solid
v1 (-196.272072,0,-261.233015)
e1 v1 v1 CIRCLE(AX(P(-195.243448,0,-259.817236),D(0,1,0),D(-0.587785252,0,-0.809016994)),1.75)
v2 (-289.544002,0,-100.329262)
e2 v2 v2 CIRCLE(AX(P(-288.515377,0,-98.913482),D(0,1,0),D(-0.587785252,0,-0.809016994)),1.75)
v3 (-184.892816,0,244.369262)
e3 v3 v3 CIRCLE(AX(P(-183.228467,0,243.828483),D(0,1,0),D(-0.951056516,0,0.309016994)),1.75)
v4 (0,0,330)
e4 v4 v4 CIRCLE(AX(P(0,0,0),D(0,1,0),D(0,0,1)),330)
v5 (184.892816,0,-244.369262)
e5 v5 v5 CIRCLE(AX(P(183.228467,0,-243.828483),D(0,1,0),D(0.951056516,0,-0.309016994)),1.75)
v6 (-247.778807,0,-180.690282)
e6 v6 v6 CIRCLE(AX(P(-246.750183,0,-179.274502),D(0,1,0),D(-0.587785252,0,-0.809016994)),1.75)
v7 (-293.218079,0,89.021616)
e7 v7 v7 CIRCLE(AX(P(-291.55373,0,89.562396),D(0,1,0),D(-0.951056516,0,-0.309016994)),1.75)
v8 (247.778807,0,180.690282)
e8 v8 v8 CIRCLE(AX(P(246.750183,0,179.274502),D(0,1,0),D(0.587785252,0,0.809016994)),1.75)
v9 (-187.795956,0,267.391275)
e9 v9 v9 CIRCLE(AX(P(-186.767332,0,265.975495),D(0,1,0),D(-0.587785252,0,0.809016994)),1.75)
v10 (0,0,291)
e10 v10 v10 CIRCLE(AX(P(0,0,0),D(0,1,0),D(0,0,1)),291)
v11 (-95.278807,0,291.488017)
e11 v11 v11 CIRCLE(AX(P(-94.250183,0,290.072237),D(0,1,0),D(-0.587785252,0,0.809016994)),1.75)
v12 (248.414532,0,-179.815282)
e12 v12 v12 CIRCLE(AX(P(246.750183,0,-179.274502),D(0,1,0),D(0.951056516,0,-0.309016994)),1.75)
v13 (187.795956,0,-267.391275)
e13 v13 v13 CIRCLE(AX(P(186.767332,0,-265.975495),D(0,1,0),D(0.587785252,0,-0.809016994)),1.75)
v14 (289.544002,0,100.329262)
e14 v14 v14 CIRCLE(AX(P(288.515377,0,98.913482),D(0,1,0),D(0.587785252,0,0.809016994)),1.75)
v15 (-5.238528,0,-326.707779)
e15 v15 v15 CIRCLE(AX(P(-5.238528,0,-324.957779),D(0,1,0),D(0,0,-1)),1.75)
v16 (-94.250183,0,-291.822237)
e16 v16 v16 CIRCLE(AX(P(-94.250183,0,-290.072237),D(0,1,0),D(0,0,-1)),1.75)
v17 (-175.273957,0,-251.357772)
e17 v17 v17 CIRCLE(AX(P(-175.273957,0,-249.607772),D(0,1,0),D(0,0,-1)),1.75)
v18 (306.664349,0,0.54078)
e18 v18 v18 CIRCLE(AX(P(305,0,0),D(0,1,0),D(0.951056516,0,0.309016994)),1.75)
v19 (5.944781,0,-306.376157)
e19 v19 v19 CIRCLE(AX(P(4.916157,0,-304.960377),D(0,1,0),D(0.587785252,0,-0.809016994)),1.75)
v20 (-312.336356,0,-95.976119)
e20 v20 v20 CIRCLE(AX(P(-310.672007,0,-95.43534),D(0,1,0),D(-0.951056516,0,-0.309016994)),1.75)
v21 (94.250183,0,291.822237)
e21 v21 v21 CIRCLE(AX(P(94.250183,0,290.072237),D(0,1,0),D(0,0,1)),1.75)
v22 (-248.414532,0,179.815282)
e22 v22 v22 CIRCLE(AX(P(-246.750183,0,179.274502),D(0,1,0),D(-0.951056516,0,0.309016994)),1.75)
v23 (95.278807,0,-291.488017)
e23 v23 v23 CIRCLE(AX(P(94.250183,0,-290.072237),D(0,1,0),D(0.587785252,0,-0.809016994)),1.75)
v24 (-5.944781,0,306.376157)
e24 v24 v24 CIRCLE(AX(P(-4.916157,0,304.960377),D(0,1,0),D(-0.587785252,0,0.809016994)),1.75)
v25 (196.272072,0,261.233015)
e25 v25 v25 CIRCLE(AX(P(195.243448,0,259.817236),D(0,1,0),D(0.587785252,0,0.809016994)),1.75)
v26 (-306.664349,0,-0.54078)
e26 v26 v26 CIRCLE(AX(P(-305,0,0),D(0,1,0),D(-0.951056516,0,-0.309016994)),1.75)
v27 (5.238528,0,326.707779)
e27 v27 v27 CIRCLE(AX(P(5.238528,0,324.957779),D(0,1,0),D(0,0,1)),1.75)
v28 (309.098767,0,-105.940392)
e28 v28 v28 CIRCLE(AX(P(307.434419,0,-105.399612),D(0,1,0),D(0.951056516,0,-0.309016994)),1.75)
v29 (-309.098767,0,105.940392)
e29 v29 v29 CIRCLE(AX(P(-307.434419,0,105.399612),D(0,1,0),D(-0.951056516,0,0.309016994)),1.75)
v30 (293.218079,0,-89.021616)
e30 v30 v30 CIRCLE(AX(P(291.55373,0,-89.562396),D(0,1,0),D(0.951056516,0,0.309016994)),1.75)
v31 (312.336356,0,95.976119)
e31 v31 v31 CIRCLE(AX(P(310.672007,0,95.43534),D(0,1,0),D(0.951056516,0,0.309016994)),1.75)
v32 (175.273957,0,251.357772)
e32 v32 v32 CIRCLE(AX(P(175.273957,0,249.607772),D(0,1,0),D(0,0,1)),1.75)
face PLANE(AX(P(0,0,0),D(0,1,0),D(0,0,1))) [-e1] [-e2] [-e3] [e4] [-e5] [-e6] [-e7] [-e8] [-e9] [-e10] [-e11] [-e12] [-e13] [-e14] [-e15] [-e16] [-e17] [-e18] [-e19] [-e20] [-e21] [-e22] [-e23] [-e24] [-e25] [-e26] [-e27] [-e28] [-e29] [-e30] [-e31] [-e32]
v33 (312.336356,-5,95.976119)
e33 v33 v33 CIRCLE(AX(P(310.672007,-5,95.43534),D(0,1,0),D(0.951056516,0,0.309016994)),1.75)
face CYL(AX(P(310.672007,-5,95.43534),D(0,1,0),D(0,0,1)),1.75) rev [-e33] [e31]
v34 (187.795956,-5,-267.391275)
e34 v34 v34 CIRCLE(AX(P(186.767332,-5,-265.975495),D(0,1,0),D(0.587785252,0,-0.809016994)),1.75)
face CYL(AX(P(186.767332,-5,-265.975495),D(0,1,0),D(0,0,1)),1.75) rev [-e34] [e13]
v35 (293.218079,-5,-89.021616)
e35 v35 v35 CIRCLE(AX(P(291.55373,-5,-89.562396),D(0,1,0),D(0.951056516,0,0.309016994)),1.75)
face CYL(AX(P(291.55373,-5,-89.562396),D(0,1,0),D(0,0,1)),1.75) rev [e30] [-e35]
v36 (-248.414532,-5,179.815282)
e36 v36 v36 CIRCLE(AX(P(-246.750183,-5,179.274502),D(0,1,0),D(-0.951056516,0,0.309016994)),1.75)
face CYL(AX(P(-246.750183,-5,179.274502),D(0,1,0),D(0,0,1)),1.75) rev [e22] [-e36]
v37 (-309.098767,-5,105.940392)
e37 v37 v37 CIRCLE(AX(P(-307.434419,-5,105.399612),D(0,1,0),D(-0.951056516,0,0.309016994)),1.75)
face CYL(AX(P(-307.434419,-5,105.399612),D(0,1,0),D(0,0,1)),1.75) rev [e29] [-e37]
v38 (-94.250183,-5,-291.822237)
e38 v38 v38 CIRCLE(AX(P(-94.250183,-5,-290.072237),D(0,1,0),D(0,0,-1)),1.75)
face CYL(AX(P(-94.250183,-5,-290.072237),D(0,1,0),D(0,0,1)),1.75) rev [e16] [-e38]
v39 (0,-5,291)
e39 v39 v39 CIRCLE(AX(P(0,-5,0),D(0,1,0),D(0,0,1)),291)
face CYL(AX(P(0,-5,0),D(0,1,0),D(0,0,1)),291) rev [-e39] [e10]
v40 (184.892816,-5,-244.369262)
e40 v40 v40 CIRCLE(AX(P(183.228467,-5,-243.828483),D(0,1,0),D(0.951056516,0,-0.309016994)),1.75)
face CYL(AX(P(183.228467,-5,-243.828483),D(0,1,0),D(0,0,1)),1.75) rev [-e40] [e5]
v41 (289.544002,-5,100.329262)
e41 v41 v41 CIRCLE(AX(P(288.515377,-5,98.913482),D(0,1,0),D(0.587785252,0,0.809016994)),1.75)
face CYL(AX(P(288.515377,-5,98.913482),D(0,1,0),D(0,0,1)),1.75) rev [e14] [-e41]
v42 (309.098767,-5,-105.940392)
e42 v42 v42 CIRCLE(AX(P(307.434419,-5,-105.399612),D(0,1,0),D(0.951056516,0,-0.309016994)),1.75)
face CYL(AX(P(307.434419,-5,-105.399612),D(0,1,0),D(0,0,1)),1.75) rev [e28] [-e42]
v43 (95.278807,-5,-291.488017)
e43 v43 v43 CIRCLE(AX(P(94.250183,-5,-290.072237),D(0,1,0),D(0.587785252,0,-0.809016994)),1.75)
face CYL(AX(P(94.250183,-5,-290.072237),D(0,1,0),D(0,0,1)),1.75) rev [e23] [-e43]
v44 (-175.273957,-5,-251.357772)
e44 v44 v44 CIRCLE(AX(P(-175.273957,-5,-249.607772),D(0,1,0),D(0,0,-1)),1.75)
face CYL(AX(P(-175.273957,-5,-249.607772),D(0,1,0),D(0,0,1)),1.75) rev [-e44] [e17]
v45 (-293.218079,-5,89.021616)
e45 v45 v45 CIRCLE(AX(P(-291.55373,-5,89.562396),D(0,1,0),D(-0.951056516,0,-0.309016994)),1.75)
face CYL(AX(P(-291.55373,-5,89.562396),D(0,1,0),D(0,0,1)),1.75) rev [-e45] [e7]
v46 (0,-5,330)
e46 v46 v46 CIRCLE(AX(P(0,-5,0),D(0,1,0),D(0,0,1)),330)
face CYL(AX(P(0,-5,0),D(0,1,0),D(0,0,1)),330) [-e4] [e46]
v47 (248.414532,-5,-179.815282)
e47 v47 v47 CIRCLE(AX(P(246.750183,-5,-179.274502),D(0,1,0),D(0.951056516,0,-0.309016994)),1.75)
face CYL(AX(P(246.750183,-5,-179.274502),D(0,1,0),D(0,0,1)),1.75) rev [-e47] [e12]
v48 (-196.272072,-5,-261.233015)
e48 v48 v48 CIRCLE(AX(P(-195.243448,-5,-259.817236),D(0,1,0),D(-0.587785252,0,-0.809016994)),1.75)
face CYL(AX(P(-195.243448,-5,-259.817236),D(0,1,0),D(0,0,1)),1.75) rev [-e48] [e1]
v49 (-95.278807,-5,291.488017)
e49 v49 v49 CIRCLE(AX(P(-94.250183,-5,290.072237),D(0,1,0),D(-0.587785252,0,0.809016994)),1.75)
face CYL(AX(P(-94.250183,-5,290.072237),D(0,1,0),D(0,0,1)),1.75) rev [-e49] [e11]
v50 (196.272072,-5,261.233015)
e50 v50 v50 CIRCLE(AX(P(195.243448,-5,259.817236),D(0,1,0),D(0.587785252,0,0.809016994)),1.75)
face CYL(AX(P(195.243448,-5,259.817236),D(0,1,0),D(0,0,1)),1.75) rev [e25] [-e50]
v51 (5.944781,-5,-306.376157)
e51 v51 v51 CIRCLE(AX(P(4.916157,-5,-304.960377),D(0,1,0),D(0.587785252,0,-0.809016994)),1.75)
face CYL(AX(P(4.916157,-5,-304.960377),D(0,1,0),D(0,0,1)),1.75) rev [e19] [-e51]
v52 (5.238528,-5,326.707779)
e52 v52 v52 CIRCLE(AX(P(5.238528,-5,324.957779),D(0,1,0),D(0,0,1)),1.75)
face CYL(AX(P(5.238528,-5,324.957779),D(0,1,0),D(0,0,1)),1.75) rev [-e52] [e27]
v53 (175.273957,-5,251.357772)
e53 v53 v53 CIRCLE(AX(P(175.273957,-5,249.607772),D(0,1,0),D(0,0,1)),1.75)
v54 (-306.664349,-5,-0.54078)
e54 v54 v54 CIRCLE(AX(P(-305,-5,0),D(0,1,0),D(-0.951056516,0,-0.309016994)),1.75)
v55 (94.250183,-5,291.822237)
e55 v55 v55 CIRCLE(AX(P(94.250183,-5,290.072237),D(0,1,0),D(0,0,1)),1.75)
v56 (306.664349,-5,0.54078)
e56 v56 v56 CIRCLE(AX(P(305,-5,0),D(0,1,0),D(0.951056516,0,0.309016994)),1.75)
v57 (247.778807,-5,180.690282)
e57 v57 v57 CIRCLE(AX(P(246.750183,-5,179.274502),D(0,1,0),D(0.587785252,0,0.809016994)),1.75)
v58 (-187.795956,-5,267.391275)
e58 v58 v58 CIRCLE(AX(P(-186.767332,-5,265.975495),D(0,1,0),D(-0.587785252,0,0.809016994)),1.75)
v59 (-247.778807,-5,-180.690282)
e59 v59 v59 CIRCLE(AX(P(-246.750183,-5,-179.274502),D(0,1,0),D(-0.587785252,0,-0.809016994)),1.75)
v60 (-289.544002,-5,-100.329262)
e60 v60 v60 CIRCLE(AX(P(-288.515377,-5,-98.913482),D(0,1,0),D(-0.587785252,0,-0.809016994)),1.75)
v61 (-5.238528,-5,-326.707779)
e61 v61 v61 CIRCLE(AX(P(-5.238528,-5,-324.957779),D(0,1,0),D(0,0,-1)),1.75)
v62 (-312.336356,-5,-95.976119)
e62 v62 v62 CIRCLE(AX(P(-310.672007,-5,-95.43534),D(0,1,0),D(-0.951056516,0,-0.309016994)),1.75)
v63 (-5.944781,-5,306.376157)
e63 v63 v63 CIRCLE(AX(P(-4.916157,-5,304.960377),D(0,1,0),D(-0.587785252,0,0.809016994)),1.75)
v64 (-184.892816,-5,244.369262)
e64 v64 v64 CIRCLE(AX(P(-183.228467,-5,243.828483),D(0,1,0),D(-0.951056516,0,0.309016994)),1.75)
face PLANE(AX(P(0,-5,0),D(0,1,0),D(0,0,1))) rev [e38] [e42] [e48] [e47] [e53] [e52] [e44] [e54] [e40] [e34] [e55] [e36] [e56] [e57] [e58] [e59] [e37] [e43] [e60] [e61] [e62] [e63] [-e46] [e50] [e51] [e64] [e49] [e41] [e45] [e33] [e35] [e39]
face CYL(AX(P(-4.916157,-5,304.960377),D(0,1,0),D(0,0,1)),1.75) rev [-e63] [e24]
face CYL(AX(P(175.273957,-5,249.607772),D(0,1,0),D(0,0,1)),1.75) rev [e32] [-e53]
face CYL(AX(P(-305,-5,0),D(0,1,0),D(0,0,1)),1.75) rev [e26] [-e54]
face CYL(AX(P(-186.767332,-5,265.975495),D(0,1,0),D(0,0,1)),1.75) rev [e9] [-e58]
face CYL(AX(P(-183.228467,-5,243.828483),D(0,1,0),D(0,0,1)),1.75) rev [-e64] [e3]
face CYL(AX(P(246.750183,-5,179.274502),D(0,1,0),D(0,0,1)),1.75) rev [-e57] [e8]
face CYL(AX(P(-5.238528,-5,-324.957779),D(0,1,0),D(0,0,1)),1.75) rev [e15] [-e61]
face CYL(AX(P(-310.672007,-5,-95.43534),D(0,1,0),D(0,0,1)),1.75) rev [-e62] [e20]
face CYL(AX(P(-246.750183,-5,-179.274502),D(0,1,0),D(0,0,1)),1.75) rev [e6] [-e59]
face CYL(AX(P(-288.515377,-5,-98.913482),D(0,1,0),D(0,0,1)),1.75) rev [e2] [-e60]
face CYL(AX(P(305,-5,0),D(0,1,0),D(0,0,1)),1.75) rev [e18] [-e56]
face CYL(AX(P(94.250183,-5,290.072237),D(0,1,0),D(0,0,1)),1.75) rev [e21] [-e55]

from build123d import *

# Parameters (mm, degrees)
SKETCH1_R           = 330
SKETCH1_R_2         = 291
BOSS_EXTRUDE1_DEPTH = 5
SKETCH2_R           = 1.75
CUT_EXTRUDE1_DEPTH  = 6
CIRPATTERN1_COUNT   = 10


with BuildPart() as part:
    # Sketch1 → Boss-Extrude1 (new body)
    with BuildSketch(Plane(origin=(0, 0, 0), x_dir=(1, 0, 0), z_dir=(0, 1, 0))):
        Circle(SKETCH1_R)
        Circle(SKETCH1_R_2, mode=Mode.SUBTRACT)
    extrude(amount=-BOSS_EXTRUDE1_DEPTH)

    # Sketch2 → Cut-Extrude1 (cut, through all)
    with BuildSketch(Plane(origin=(0, 0, 0), x_dir=(1, 0, 0), z_dir=(0, 1, 0))):
        with Locations((5.238528177, -324.957778523)):
            Circle(SKETCH2_R)
        with Locations((94.250183284, -290.07223747)):
            Circle(SKETCH2_R)
        with Locations((175.273957266, -249.607772124)):
            Circle(SKETCH2_R)
    cut_extrude1 = extrude(amount=-CUT_EXTRUDE1_DEPTH, mode=Mode.SUBTRACT)

    # CirPattern1: Cut-Extrude1 ×10 about axis
    cirpattern1_axis = Axis((0, 0, 0), (0, 1, 0))
    for i in range(1, CIRPATTERN1_COUNT):
        add(cut_extrude1.rotate(cirpattern1_axis, i * 360 / CIRPATTERN1_COUNT), mode=Mode.SUBTRACT)


solid = part.part
